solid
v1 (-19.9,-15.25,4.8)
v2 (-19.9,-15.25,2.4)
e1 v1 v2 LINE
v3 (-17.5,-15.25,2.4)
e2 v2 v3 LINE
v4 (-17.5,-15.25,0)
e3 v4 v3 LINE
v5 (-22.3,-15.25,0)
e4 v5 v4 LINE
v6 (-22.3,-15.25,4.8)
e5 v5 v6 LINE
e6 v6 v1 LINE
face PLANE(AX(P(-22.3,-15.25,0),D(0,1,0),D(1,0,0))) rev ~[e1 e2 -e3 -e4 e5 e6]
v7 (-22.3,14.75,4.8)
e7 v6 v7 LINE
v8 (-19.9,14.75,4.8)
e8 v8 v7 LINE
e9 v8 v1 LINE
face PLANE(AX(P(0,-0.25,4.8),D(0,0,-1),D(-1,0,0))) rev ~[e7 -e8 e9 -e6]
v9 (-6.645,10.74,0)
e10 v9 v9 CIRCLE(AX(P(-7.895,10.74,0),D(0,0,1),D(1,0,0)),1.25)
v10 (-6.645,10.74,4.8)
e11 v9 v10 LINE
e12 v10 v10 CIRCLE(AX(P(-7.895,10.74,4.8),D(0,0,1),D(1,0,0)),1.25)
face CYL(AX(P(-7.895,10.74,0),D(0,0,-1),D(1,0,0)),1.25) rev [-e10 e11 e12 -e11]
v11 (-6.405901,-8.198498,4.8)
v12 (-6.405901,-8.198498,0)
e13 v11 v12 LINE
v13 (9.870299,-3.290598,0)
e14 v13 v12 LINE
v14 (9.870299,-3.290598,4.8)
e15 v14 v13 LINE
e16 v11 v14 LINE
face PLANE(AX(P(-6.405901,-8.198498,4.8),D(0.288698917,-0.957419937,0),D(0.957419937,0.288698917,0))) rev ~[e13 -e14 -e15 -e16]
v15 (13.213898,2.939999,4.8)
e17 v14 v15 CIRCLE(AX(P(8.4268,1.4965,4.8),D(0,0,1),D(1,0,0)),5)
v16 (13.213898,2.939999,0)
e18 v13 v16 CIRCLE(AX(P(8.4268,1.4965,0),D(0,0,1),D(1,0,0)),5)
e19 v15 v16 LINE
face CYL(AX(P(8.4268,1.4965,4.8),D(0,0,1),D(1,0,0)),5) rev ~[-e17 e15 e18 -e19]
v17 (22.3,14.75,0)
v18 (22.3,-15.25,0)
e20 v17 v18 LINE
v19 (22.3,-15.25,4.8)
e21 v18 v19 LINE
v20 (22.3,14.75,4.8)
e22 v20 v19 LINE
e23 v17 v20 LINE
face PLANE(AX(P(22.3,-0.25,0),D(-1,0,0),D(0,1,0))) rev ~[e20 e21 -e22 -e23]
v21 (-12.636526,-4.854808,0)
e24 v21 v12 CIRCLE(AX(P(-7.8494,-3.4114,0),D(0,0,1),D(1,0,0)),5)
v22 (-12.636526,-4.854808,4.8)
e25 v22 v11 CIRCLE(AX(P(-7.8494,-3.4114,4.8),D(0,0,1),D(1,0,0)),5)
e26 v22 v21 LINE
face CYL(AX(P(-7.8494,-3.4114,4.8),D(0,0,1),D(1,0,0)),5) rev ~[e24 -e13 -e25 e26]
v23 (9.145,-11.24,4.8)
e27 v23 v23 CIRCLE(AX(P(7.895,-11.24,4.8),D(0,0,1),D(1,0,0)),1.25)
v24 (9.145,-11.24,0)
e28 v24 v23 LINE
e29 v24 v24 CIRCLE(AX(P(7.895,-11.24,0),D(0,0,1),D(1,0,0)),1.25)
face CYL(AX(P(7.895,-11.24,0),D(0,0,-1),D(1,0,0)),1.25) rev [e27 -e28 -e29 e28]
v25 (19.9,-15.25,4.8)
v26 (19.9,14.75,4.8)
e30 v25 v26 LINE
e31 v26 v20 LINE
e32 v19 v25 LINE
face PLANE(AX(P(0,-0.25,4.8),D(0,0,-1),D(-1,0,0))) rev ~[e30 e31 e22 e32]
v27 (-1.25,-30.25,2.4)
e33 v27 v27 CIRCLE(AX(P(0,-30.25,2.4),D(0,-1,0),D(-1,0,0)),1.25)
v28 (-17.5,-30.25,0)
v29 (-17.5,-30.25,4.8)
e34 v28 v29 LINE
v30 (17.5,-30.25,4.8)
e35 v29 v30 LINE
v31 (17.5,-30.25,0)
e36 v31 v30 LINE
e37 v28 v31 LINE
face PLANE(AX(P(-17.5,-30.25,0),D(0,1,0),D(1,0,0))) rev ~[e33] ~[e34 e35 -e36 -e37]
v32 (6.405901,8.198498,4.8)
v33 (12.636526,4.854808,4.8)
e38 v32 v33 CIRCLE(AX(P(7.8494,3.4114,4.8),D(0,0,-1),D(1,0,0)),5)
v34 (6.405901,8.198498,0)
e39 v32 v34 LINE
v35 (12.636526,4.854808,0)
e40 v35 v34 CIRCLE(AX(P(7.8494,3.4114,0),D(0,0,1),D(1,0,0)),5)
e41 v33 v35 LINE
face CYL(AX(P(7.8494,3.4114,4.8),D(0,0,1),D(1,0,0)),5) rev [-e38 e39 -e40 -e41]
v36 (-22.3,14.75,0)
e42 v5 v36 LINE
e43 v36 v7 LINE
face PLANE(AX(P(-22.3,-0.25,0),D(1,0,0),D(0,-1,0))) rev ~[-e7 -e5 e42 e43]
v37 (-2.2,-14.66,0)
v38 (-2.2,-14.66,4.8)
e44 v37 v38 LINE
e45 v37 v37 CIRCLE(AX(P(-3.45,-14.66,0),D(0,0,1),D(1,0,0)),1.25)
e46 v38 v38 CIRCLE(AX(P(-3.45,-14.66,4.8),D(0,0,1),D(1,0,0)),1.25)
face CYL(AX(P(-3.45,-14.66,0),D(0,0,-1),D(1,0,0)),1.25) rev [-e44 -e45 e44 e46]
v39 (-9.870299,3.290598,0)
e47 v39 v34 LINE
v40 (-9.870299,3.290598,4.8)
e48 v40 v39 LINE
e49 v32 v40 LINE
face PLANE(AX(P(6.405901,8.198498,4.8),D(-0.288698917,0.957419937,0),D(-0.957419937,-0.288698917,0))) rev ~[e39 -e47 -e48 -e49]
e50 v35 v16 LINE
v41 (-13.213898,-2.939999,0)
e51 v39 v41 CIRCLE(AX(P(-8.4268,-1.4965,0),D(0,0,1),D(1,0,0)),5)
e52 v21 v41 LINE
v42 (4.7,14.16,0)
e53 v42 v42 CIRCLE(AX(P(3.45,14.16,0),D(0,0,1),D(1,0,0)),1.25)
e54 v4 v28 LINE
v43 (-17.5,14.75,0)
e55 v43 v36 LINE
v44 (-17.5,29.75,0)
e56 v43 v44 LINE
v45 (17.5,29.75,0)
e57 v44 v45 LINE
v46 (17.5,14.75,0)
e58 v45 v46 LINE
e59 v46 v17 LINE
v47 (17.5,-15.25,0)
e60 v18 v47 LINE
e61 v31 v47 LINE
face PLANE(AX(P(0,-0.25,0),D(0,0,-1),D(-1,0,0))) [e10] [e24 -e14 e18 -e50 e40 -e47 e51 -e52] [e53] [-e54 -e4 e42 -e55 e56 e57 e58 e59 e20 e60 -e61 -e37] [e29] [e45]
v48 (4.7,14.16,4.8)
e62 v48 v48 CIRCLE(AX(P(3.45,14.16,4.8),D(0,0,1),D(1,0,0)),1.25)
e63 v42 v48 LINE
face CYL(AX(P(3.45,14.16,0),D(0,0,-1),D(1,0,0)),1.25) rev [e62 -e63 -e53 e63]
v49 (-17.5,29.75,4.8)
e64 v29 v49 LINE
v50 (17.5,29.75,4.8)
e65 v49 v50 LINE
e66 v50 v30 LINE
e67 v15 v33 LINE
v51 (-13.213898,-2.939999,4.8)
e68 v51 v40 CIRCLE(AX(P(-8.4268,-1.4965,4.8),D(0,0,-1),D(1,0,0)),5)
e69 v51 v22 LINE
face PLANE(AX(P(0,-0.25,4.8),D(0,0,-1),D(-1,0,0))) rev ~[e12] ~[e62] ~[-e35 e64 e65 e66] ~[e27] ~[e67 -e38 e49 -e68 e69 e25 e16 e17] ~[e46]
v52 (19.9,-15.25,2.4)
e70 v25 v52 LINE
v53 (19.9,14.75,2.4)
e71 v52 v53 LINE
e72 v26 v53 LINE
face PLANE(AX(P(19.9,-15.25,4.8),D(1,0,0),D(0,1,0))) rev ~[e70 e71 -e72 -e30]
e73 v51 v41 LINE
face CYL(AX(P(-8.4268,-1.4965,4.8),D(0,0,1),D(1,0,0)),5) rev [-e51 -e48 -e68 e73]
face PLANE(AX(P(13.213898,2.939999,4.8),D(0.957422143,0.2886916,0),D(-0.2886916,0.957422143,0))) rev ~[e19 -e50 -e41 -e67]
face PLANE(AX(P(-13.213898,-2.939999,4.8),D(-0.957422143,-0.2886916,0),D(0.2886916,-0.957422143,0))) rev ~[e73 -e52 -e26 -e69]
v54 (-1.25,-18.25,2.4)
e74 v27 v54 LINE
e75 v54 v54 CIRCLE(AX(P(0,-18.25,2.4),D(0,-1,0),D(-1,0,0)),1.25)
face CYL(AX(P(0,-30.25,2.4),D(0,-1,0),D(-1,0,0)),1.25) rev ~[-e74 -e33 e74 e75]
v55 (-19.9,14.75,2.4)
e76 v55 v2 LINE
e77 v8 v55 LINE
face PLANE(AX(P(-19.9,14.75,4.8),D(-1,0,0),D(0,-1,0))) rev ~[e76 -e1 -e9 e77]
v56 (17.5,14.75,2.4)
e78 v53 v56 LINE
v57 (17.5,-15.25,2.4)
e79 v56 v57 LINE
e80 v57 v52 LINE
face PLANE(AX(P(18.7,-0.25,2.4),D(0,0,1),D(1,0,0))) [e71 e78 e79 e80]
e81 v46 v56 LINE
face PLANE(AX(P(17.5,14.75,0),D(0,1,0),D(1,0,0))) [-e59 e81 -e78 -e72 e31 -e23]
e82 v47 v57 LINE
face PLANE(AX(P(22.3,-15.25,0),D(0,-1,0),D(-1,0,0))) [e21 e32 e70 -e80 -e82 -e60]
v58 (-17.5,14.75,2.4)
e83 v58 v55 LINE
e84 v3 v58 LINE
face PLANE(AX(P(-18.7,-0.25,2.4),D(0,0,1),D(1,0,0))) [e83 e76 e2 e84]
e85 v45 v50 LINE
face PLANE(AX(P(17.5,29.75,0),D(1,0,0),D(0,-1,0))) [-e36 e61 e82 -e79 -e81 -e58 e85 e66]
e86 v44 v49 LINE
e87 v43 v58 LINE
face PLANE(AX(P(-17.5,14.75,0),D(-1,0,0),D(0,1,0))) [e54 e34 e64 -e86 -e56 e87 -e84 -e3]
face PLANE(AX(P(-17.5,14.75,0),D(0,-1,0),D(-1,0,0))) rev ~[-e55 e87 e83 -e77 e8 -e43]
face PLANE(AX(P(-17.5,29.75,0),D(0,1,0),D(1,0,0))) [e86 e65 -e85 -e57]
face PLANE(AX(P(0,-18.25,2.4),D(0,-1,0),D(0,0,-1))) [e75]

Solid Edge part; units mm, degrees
sketch "Sketch1" plane through (0, 0, 0) normal (0, 0, 1) x (1, 0, 0)
  line L0 (-17.5, 29.75) -> (17.5, 29.75)
  line L1 (17.5, 29.75) -> (17.5, 14.75)
  line L2 (17.5, 14.75) -> (22.3, 14.75)
  line L3 (22.3, -0.25) -> (22.3, 14.75)
  line L4 (22.3, -0.25) -> (22.3, -15.25)
  line L5 (22.3, -15.25) -> (17.5, -15.25)
  line L6 (17.5, -30.25) -> (17.5, -15.25)
  line L7 (-17.5, -30.25) -> (17.5, -30.25)
  line L8 (-17.5, -15.25) -> (-17.5, -30.25)
  line L9 (-22.3, -15.25) -> (-17.5, -15.25)
  line L10 (-22.3, -0.25) -> (-22.3, -15.25)
  line L11 (-22.3, -0.25) -> (-22.3, 14.75)
  line L12 (-17.5, 14.75) -> (-22.3, 14.75)
  line L13 (-17.5, 14.75) -> (-17.5, 29.75)
  circle A0 centre (3.45, 14.16) radius 1.25
  circle A1 centre (-7.895, 10.74) radius 1.25
  circle A2 centre (-3.45, -14.66) radius 1.25
  circle A3 centre (7.895, -11.24) radius 1.25
  dimension "D1" = 30
  dimension "D2" = 15
  dimension "D3" = 35
  dimension "D4" = 15
extrude "ExtrudedProtrusion_6" add sketch "Sketch1" along normal blind 4.8
sketch "Sketch2" plane through (0, 0, 4.8) normal (0, 0, 1) x (1, 0, 0)
  line L0 (-19.9, 14.75) -> (-19.9, -15.25)
  line L1 (-19.9, -15.25) -> (-17.5, -15.25)
  line L2 (-17.5, -15.25) -> (-17.5, 14.75)
  line L3 (-17.5, 14.75) -> (-19.9, 14.75)
  line L4 (19.9, -15.25) -> (19.9, 14.75)
  line L5 (19.9, 14.75) -> (17.5, 14.75)
  line L6 (17.5, 14.75) -> (17.5, -15.25)
  line L7 (17.5, -15.25) -> (19.9, -15.25)
extrude "ExtrudedCutout_5" cut sketch "Sketch2" against normal blind 2.4
sketch "Sketch3" plane through (0, -0.25, 4.8) normal (0, 0, 1) x (1, 0, 0)
  line L0 (6.4059, 8.4485) -> (-9.8703, 3.5406)
  arc A0 (-13.2139, -2.69) -> (-9.8703, 3.5406) centre (-8.4268, -1.2465) cw
  line L1 (-13.2139, -2.69) -> (-12.6365, -4.6048)
  arc A1 (-12.6365, -4.6048) -> (-6.4059, -7.9485) centre (-7.8494, -3.1614) ccw
  line L2 (-6.4059, -7.9485) -> (9.8703, -3.0406)
  arc A2 (9.8703, -3.0406) -> (13.2139, 3.19) centre (8.4268, 1.7465) ccw
  line L3 (13.2139, 3.19) -> (12.6365, 5.1048)
  arc A3 (6.4059, 8.4485) -> (12.6365, 5.1048) centre (7.8494, 3.6614) cw
extrude "ExtrudedCutout_7" cut sketch "Sketch3" against normal blind 5
sketch "Sketch4" plane through (0, -30.25, 2.4) normal (0, -1, 0) x (-1, 0, 0)
  circle A0 centre (0, 0) radius 1.25
extrude "ExtrudedCutout_8" cut sketch "Sketch4" against normal blind 12
properties material "Polycarbonate"
